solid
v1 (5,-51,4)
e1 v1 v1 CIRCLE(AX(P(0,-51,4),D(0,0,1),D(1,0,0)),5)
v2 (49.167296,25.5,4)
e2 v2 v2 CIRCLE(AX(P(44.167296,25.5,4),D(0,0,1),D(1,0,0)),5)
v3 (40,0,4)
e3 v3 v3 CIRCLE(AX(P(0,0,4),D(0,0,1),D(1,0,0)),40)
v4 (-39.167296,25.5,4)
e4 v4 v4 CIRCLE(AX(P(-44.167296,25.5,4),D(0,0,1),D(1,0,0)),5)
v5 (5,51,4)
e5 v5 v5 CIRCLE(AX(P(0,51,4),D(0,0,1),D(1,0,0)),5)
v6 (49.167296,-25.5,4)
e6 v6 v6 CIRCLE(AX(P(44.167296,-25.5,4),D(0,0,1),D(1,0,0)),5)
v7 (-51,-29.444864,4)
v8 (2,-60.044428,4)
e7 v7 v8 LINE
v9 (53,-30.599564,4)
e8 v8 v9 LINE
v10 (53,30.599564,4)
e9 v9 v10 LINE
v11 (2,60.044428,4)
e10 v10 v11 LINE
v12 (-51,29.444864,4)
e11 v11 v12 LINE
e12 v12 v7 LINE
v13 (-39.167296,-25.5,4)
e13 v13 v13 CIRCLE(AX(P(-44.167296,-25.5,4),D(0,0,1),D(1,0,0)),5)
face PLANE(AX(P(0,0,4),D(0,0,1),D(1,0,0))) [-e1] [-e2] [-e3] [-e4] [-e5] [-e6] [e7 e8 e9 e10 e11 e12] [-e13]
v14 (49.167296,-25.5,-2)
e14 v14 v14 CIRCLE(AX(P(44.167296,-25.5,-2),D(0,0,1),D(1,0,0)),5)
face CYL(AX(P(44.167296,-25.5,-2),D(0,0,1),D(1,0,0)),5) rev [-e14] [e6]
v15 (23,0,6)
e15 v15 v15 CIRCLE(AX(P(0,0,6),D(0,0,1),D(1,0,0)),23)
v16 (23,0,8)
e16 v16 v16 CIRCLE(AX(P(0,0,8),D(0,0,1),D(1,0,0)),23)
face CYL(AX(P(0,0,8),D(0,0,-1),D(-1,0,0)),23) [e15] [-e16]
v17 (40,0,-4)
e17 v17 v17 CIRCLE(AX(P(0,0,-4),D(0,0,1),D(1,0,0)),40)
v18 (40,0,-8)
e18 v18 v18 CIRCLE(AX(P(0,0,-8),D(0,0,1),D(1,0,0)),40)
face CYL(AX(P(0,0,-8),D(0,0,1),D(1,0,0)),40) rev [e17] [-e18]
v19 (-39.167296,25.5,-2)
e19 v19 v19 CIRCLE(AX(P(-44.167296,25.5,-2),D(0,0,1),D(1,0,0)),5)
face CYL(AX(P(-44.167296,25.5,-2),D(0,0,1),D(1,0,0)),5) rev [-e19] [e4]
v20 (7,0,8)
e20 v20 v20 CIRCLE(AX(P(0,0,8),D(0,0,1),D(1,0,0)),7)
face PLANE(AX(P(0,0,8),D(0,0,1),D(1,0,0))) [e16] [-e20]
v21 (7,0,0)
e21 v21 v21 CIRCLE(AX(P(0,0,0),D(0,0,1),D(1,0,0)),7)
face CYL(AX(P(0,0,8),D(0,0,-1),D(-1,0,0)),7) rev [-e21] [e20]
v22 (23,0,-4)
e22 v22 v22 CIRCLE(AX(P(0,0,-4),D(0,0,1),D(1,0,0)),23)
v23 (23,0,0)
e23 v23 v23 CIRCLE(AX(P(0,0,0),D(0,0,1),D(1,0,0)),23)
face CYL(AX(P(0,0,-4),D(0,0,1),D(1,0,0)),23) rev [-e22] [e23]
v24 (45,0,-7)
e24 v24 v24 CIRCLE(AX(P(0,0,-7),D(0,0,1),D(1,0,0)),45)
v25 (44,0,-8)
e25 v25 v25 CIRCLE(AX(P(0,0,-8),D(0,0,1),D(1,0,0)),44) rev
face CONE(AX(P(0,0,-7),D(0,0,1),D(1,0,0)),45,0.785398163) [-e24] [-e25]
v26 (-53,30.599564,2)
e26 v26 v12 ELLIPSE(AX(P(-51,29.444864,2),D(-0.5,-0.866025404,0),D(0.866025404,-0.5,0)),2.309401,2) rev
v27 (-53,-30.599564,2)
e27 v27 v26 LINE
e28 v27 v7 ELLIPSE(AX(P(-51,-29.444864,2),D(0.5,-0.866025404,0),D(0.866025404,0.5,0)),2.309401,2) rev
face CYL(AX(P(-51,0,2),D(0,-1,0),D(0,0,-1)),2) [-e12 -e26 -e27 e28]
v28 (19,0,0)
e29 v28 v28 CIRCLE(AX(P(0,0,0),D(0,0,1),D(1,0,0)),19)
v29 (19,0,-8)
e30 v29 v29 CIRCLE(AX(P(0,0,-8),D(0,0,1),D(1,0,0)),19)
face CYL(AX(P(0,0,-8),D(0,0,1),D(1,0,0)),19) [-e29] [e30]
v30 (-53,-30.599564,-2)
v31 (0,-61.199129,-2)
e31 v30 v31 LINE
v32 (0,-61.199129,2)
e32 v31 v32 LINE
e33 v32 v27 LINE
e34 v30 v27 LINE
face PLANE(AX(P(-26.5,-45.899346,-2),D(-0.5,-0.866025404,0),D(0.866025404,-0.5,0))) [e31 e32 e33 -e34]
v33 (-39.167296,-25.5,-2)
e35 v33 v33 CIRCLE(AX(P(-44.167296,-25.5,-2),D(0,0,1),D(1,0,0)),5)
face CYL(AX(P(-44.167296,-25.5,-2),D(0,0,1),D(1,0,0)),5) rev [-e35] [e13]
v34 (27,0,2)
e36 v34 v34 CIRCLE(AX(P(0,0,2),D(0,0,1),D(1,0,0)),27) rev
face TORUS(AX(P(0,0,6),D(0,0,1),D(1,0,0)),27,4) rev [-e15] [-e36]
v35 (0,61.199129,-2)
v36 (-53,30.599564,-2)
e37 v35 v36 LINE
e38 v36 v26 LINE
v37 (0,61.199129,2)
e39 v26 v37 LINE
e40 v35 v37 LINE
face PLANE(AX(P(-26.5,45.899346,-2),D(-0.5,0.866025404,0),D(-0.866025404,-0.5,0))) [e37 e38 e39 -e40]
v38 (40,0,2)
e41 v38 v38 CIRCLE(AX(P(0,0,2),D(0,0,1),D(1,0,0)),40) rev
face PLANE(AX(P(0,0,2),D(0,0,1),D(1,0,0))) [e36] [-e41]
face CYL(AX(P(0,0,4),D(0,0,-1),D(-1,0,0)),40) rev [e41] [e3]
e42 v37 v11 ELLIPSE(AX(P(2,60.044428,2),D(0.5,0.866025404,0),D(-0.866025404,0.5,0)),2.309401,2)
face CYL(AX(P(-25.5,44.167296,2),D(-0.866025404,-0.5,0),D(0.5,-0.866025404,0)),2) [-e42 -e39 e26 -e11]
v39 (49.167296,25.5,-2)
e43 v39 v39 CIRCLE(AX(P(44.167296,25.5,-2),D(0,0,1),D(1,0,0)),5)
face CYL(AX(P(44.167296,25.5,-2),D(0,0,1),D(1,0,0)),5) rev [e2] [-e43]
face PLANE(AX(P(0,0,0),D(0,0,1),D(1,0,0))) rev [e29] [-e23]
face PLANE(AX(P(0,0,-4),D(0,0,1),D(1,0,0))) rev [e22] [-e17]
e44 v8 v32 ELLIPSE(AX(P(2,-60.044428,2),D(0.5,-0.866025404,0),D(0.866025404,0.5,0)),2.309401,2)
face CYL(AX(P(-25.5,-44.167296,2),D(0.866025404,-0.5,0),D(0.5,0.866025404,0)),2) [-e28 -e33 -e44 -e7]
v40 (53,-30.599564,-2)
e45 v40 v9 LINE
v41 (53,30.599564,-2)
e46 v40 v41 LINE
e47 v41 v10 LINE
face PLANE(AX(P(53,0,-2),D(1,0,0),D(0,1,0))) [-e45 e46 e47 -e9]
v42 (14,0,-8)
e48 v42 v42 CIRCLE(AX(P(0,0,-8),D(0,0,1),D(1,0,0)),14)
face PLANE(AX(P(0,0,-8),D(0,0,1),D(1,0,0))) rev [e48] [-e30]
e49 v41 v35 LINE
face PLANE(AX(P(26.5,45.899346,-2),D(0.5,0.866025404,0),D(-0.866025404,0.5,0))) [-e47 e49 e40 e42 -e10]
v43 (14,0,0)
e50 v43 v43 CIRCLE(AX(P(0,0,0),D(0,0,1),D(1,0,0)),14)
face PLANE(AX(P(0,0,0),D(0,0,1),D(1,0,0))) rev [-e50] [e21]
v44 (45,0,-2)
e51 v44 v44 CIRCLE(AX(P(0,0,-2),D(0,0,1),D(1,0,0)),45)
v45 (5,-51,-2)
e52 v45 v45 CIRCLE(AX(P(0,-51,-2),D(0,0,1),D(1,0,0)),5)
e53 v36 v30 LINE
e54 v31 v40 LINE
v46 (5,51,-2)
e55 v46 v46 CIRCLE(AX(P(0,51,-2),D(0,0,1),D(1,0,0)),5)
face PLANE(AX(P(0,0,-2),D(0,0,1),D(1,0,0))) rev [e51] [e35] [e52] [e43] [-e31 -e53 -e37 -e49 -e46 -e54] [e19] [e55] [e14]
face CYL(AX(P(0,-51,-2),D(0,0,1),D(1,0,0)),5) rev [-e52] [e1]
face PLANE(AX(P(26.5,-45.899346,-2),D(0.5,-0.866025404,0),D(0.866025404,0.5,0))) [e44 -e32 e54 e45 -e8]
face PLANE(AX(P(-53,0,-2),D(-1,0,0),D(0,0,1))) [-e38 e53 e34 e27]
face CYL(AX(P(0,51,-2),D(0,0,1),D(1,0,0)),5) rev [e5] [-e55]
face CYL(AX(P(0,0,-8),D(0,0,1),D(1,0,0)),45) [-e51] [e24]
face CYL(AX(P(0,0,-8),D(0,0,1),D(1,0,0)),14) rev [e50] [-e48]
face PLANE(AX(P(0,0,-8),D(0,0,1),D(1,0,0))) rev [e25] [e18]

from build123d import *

# Parameters (mm, degrees)
SKETCH1_R            = 14
SKETCH1_R_2          = 7
BOSS_EXTRUDE1_DEPTH  = 8
SKETCH1_3_R          = 23
SKETCH1_3_R_2        = 14
BOSS_EXTRUDE2_DEPTH  = 8
SKETCH1_4_R          = 19
SKETCH1_4_R_2        = 14
BOSS_EXTRUDE3_DEPTH  = 8
SKETCH1_5_R          = 40
SKETCH1_5_R_2        = 23
BOSS_EXTRUDE4_DEPTH  = 2
BOSS_EXTRUDE5_START  = -4
SKETCH1_6_R          = 40
SKETCH1_6_R_2        = 23
BOSS_EXTRUDE5_DEPTH  = 4
BOSS_EXTRUDE6_START  = -8
SKETCH1_8_R          = 45
SKETCH1_8_R_2        = 40
BOSS_EXTRUDE6_DEPTH  = 8
SKETCH1_9_R          = 45
SKETCH1_9_R_2        = 40
BOSS_EXTRUDE7_DEPTH  = 4
BOSS_EXTRUDE8_START  = -2
SKETCH1_10_R         = 5
SKETCH1_10_R_2       = 45
BOSS_EXTRUDE8_DEPTH  = 2
SKETCH1_12_R         = 5
SKETCH1_12_R_2       = 45
BOSS_EXTRUDE10_DEPTH = 4
FILLET1_R            = 4
CHAMFER1_SIZE        = 1
FILLET2_R            = 2


with BuildPart() as part:
    # Sketch1 → Boss-Extrude1 (new body)
    with BuildSketch(Plane.XY):
        Circle(SKETCH1_R)
        Circle(SKETCH1_R_2, mode=Mode.SUBTRACT)
    extrude(amount=BOSS_EXTRUDE1_DEPTH)

    # Sketch1<3> → Boss-Extrude2 (add)
    with BuildSketch(Plane.XY):
        Circle(SKETCH1_3_R)
        Circle(SKETCH1_3_R_2, mode=Mode.SUBTRACT)
    extrude(amount=BOSS_EXTRUDE2_DEPTH)

    # Sketch1<4> → Boss-Extrude3 (add)
    with BuildSketch(Plane.XY):
        Circle(SKETCH1_4_R)
        Circle(SKETCH1_4_R_2, mode=Mode.SUBTRACT)
    extrude(amount=-BOSS_EXTRUDE3_DEPTH)

    # Sketch1<5> → Boss-Extrude4 (add)
    with BuildSketch(Plane.XY):
        Circle(SKETCH1_5_R)
        Circle(SKETCH1_5_R_2, mode=Mode.SUBTRACT)
    extrude(amount=BOSS_EXTRUDE4_DEPTH)

    # Sketch1<6> → Boss-Extrude5 (add)
    with BuildSketch(Plane.XY.offset(BOSS_EXTRUDE5_START)):
        Circle(SKETCH1_6_R)
        Circle(SKETCH1_6_R_2, mode=Mode.SUBTRACT)
    extrude(amount=BOSS_EXTRUDE5_DEPTH)

    # Sketch1<8> → Boss-Extrude6 (add)
    with BuildSketch(Plane.XY.offset(BOSS_EXTRUDE6_START)):
        Circle(SKETCH1_8_R)
        Circle(SKETCH1_8_R_2, mode=Mode.SUBTRACT)
    extrude(amount=BOSS_EXTRUDE6_DEPTH)

    # Sketch1<9> → Boss-Extrude7 (add)
    with BuildSketch(Plane.XY):
        Circle(SKETCH1_9_R)
        Circle(SKETCH1_9_R_2, mode=Mode.SUBTRACT)
    extrude(amount=BOSS_EXTRUDE7_DEPTH)

    # Sketch1<10> → Boss-Extrude8 (add)
    with BuildSketch(Plane.XY.offset(BOSS_EXTRUDE8_START)):
        Polygon((0, -61.199128534), (53, -30.599564267), (53, 30.599564267), (0, 61.199128534), (-53, 30.599564267), (-53, -30.599564267), align=None)
        with Locations((-44.167295593, -25.5)):
            Circle(SKETCH1_10_R, mode=Mode.SUBTRACT)
        with Locations((0, -51)):
            Circle(SKETCH1_10_R, mode=Mode.SUBTRACT)
        with Locations((44.167295593, -25.5)):
            Circle(SKETCH1_10_R, mode=Mode.SUBTRACT)
        with Locations((-44.167295593, 25.5)):
            Circle(SKETCH1_10_R, mode=Mode.SUBTRACT)
        Circle(SKETCH1_10_R_2, mode=Mode.SUBTRACT)
        with Locations((44.167295593, 25.5)):
            Circle(SKETCH1_10_R, mode=Mode.SUBTRACT)
        with Locations((0, 51)):
            Circle(SKETCH1_10_R, mode=Mode.SUBTRACT)
    extrude(amount=BOSS_EXTRUDE8_DEPTH)

    # Sketch1<12> → Boss-Extrude10 (add)
    with BuildSketch(Plane.XY):
        Polygon((0, -61.199128534), (53, -30.599564267), (53, 30.599564267), (0, 61.199128534), (-53, 30.599564267), (-53, -30.599564267), align=None)
        with Locations((-44.167295593, -25.5)):
            Circle(SKETCH1_12_R, mode=Mode.SUBTRACT)
        with Locations((0, -51)):
            Circle(SKETCH1_12_R, mode=Mode.SUBTRACT)
        with Locations((44.167295593, -25.5)):
            Circle(SKETCH1_12_R, mode=Mode.SUBTRACT)
        with Locations((-44.167295593, 25.5)):
            Circle(SKETCH1_12_R, mode=Mode.SUBTRACT)
        Circle(SKETCH1_12_R_2, mode=Mode.SUBTRACT)
        with Locations((44.167295593, 25.5)):
            Circle(SKETCH1_12_R, mode=Mode.SUBTRACT)
        with Locations((0, 51)):
            Circle(SKETCH1_12_R, mode=Mode.SUBTRACT)
    extrude(amount=BOSS_EXTRUDE10_DEPTH)

    # Fillet1
    fillet1_edges = [part.edges().sort_by_distance(p)[0] for p in [
        (-23, 0, 2),
    ]]
    fillet(fillet1_edges, radius=FILLET1_R)

    # Chamfer1
    chamfer1_edges = [part.edges().sort_by_distance(p)[0] for p in [
        (-45, 0, -8),
    ]]
    chamfer(chamfer1_edges, length=CHAMFER1_SIZE)

    # Fillet2
    fillet2_edges = [part.edges().sort_by_distance(p)[0] for p in [
        (-26.5, 45.899346401, 4),
        (-53, 0, 4),
        (-26.5, -45.899346401, 4),
    ]]
    fillet(fillet2_edges, radius=FILLET2_R)


solid = part.part
